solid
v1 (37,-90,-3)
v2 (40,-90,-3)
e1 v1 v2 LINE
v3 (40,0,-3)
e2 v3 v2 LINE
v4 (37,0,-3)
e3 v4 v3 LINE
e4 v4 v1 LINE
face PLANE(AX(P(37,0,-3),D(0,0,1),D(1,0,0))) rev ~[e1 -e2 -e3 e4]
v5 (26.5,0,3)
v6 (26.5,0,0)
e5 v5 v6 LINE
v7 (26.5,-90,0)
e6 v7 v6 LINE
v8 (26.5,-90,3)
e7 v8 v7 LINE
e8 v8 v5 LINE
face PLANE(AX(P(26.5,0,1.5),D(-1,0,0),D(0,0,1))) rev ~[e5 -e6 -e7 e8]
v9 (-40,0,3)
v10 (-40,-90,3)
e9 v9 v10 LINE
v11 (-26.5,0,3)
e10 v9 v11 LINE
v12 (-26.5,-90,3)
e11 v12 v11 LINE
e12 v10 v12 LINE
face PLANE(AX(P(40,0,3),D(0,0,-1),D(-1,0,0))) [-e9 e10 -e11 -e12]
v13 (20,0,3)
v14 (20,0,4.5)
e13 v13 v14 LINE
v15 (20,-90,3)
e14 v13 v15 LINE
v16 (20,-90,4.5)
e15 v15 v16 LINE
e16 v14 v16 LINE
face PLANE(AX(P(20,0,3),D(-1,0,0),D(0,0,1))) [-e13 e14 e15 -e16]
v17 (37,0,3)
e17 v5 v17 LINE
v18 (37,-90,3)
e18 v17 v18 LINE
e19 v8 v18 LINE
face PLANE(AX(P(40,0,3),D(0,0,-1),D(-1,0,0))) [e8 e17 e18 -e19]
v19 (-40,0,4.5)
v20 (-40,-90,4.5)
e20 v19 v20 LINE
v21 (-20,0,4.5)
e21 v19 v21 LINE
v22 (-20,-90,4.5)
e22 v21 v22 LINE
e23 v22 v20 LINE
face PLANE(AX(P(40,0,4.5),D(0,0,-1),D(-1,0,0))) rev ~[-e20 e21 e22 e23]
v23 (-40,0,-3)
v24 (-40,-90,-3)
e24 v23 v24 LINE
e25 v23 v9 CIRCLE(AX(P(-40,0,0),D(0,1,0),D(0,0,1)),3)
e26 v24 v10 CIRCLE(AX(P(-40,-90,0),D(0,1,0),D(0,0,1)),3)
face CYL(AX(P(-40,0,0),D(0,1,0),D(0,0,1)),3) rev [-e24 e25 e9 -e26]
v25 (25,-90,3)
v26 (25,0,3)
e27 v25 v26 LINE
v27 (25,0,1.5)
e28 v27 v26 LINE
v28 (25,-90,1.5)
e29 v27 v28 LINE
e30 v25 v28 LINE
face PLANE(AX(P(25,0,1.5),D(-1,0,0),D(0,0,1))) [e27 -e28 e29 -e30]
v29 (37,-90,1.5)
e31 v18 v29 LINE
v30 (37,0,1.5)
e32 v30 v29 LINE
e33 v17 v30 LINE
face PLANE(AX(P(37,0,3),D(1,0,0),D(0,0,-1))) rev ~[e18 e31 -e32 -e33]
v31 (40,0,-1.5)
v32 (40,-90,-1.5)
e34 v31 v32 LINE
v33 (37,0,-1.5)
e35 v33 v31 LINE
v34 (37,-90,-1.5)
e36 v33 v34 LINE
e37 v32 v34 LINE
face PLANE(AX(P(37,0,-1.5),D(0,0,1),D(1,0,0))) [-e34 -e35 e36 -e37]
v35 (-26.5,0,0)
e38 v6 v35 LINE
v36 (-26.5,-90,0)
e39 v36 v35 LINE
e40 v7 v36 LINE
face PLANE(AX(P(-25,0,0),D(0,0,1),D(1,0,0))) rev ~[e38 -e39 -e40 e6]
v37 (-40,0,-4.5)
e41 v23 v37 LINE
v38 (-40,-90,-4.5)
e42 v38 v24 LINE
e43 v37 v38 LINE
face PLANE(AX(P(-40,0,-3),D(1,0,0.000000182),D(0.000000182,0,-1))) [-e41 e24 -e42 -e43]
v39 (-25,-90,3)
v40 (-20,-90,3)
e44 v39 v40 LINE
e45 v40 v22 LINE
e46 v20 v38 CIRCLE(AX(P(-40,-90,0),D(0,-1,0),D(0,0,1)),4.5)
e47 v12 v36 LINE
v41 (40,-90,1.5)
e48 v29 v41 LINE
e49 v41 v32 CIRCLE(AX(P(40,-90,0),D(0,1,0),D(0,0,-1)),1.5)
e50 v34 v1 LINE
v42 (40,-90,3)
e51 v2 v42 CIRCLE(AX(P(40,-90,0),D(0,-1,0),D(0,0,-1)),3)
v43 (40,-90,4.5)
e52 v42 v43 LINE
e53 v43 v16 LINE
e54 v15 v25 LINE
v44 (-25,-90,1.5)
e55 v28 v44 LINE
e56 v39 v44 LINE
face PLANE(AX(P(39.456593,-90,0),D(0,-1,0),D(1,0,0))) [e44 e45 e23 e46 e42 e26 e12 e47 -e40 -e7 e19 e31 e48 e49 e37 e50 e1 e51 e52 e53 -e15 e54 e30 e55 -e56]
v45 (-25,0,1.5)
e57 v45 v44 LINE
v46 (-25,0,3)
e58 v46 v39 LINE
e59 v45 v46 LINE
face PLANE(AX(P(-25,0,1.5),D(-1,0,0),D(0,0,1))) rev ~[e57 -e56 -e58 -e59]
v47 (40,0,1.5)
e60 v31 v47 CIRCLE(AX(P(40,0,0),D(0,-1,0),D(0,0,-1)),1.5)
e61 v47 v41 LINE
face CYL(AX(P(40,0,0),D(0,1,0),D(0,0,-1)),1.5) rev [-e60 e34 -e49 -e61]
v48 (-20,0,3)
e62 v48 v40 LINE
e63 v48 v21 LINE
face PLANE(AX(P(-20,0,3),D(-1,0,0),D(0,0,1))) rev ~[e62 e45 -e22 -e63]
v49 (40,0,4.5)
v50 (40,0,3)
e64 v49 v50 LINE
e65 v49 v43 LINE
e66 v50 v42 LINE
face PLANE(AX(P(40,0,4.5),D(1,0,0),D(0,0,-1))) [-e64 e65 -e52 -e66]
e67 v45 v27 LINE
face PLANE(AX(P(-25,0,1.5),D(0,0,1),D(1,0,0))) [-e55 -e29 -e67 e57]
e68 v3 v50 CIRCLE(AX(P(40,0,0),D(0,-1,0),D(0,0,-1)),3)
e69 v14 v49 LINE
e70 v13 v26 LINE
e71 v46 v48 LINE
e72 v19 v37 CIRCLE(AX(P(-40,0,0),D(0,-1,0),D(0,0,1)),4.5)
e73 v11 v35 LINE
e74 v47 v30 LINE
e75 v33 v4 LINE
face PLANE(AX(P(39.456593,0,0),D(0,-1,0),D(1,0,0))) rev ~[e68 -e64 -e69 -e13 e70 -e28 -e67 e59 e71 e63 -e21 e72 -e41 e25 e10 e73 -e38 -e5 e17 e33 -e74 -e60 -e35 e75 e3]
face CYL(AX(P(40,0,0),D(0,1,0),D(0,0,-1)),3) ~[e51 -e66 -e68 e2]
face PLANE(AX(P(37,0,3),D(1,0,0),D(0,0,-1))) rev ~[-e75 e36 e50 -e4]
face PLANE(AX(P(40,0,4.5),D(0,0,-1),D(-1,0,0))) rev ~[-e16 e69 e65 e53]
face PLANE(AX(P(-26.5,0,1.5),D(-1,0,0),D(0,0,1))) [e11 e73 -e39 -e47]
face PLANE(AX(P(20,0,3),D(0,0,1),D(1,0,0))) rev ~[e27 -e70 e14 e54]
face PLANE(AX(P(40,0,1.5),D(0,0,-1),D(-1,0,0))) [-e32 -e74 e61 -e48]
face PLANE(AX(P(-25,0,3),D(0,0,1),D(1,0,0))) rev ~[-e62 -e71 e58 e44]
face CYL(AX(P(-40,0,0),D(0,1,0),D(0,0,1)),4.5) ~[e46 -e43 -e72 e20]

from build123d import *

# Parameters (mm, degrees)
F1_DEPTH  = 90
F2_W      = 50
F2_H      = 3
F3_DEPTH  = 90.001
F4_T      = -1.5
F6_DEPTH  = 90.001
F7_W      = 5
F7_H      = 1.5
F8_DEPTH  = 90
F10_DEPTH = 90.001


with BuildPart() as f1:
    # F0 (on Front) → F1 (new body)
    with BuildSketch(Plane.XZ):
        with BuildLine():
            ThreePointArc((40.0000004103, -4.5), (44.4999995897, 4.103e-07), (39.9999995897, 4.5))
            Line((39.9999995897, 4.5), (-40.0000004103, 4.5))
            ThreePointArc((-40.0000004103, 4.5), (-44.5000004103, -4.103e-07), (-39.9999995897, -4.5))
            Line((-39.9999995897, -4.5), (40.0000004103, -4.5))
        make_face()
    extrude(amount=F1_DEPTH)

    # F2 (on Front) → F3 (cut, through all)
    with BuildSketch(Plane.XZ):
        with Locations((-4.103e-07, 3)):
            Rectangle(F2_W, F2_H)
    extrude(amount=F3_DEPTH, mode=Mode.SUBTRACT)

    # F4
    f4_openings = [f1.faces().sort_by_distance(p)[0] for p in [
        (0, -90, -0.710208),
        (0, 0, -0.710208),
    ]]
    offset(amount=F4_T, openings=f4_openings, kind=Kind.INTERSECTION)

    # F5 (on Front) → F6 (cut, through all)
    with BuildSketch(Plane.XZ):
        with BuildLine():
            ThreePointArc((39.9999995897, 3), (42.9999995897, 4.103e-07), (40.0000004103, -3))
            Line((40.0000004103, -3), (-39.9999998632, -3))
            Line((-39.9999998632, -3), (-39.9999995897, -4.5))
            Line((-39.9999995897, -4.5), (40.0000004103, -4.5))
            ThreePointArc((40.0000004103, -4.5), (44.4999995897, 4.103e-07), (39.9999995897, 4.5))
            Line((39.9999995897, 4.5), (39.9999995897, 3))
        make_face()
    extrude(amount=F6_DEPTH, mode=Mode.SUBTRACT)

    # F7 (on Front) → F8 (join, through all)
    with BuildSketch(Plane.XZ):
        with BuildLine():
            Line((36.9999995897, -3), (39.9999995897, -3))
            ThreePointArc((39.9999995897, -3), (42.9999995897, 0), (39.9999995897, 3))
            Line((39.9999995897, 3), (36.9999995897, 3))
            Line((36.9999995897, 3), (36.9999995897, 0))
            Line((36.9999995897, 0), (36.9999995897, -3))
        make_face()
        with Locations((-22.5000004103, 3.75)):
            Rectangle(F7_W, F7_H)
        with Locations((22.5000004103, 3.75)):
            Rectangle(F7_W, F7_H)
    extrude(amount=F8_DEPTH)

    # F9 (on Front) → F10 (cut, through all)
    with BuildSketch(Plane.XZ):
        with BuildLine():
            Line((36.9999995897, -1.5), (39.9999995897, -1.5))
            ThreePointArc((39.9999995897, -1.5), (41.4999995897, 0), (39.9999995897, 1.5))
            Line((39.9999995897, 1.5), (36.9999995897, 1.5))
            Line((36.9999995897, 1.5), (36.9999995897, -1.5))
        make_face()
    extrude(amount=F10_DEPTH, mode=Mode.SUBTRACT)


solid = f1.part
